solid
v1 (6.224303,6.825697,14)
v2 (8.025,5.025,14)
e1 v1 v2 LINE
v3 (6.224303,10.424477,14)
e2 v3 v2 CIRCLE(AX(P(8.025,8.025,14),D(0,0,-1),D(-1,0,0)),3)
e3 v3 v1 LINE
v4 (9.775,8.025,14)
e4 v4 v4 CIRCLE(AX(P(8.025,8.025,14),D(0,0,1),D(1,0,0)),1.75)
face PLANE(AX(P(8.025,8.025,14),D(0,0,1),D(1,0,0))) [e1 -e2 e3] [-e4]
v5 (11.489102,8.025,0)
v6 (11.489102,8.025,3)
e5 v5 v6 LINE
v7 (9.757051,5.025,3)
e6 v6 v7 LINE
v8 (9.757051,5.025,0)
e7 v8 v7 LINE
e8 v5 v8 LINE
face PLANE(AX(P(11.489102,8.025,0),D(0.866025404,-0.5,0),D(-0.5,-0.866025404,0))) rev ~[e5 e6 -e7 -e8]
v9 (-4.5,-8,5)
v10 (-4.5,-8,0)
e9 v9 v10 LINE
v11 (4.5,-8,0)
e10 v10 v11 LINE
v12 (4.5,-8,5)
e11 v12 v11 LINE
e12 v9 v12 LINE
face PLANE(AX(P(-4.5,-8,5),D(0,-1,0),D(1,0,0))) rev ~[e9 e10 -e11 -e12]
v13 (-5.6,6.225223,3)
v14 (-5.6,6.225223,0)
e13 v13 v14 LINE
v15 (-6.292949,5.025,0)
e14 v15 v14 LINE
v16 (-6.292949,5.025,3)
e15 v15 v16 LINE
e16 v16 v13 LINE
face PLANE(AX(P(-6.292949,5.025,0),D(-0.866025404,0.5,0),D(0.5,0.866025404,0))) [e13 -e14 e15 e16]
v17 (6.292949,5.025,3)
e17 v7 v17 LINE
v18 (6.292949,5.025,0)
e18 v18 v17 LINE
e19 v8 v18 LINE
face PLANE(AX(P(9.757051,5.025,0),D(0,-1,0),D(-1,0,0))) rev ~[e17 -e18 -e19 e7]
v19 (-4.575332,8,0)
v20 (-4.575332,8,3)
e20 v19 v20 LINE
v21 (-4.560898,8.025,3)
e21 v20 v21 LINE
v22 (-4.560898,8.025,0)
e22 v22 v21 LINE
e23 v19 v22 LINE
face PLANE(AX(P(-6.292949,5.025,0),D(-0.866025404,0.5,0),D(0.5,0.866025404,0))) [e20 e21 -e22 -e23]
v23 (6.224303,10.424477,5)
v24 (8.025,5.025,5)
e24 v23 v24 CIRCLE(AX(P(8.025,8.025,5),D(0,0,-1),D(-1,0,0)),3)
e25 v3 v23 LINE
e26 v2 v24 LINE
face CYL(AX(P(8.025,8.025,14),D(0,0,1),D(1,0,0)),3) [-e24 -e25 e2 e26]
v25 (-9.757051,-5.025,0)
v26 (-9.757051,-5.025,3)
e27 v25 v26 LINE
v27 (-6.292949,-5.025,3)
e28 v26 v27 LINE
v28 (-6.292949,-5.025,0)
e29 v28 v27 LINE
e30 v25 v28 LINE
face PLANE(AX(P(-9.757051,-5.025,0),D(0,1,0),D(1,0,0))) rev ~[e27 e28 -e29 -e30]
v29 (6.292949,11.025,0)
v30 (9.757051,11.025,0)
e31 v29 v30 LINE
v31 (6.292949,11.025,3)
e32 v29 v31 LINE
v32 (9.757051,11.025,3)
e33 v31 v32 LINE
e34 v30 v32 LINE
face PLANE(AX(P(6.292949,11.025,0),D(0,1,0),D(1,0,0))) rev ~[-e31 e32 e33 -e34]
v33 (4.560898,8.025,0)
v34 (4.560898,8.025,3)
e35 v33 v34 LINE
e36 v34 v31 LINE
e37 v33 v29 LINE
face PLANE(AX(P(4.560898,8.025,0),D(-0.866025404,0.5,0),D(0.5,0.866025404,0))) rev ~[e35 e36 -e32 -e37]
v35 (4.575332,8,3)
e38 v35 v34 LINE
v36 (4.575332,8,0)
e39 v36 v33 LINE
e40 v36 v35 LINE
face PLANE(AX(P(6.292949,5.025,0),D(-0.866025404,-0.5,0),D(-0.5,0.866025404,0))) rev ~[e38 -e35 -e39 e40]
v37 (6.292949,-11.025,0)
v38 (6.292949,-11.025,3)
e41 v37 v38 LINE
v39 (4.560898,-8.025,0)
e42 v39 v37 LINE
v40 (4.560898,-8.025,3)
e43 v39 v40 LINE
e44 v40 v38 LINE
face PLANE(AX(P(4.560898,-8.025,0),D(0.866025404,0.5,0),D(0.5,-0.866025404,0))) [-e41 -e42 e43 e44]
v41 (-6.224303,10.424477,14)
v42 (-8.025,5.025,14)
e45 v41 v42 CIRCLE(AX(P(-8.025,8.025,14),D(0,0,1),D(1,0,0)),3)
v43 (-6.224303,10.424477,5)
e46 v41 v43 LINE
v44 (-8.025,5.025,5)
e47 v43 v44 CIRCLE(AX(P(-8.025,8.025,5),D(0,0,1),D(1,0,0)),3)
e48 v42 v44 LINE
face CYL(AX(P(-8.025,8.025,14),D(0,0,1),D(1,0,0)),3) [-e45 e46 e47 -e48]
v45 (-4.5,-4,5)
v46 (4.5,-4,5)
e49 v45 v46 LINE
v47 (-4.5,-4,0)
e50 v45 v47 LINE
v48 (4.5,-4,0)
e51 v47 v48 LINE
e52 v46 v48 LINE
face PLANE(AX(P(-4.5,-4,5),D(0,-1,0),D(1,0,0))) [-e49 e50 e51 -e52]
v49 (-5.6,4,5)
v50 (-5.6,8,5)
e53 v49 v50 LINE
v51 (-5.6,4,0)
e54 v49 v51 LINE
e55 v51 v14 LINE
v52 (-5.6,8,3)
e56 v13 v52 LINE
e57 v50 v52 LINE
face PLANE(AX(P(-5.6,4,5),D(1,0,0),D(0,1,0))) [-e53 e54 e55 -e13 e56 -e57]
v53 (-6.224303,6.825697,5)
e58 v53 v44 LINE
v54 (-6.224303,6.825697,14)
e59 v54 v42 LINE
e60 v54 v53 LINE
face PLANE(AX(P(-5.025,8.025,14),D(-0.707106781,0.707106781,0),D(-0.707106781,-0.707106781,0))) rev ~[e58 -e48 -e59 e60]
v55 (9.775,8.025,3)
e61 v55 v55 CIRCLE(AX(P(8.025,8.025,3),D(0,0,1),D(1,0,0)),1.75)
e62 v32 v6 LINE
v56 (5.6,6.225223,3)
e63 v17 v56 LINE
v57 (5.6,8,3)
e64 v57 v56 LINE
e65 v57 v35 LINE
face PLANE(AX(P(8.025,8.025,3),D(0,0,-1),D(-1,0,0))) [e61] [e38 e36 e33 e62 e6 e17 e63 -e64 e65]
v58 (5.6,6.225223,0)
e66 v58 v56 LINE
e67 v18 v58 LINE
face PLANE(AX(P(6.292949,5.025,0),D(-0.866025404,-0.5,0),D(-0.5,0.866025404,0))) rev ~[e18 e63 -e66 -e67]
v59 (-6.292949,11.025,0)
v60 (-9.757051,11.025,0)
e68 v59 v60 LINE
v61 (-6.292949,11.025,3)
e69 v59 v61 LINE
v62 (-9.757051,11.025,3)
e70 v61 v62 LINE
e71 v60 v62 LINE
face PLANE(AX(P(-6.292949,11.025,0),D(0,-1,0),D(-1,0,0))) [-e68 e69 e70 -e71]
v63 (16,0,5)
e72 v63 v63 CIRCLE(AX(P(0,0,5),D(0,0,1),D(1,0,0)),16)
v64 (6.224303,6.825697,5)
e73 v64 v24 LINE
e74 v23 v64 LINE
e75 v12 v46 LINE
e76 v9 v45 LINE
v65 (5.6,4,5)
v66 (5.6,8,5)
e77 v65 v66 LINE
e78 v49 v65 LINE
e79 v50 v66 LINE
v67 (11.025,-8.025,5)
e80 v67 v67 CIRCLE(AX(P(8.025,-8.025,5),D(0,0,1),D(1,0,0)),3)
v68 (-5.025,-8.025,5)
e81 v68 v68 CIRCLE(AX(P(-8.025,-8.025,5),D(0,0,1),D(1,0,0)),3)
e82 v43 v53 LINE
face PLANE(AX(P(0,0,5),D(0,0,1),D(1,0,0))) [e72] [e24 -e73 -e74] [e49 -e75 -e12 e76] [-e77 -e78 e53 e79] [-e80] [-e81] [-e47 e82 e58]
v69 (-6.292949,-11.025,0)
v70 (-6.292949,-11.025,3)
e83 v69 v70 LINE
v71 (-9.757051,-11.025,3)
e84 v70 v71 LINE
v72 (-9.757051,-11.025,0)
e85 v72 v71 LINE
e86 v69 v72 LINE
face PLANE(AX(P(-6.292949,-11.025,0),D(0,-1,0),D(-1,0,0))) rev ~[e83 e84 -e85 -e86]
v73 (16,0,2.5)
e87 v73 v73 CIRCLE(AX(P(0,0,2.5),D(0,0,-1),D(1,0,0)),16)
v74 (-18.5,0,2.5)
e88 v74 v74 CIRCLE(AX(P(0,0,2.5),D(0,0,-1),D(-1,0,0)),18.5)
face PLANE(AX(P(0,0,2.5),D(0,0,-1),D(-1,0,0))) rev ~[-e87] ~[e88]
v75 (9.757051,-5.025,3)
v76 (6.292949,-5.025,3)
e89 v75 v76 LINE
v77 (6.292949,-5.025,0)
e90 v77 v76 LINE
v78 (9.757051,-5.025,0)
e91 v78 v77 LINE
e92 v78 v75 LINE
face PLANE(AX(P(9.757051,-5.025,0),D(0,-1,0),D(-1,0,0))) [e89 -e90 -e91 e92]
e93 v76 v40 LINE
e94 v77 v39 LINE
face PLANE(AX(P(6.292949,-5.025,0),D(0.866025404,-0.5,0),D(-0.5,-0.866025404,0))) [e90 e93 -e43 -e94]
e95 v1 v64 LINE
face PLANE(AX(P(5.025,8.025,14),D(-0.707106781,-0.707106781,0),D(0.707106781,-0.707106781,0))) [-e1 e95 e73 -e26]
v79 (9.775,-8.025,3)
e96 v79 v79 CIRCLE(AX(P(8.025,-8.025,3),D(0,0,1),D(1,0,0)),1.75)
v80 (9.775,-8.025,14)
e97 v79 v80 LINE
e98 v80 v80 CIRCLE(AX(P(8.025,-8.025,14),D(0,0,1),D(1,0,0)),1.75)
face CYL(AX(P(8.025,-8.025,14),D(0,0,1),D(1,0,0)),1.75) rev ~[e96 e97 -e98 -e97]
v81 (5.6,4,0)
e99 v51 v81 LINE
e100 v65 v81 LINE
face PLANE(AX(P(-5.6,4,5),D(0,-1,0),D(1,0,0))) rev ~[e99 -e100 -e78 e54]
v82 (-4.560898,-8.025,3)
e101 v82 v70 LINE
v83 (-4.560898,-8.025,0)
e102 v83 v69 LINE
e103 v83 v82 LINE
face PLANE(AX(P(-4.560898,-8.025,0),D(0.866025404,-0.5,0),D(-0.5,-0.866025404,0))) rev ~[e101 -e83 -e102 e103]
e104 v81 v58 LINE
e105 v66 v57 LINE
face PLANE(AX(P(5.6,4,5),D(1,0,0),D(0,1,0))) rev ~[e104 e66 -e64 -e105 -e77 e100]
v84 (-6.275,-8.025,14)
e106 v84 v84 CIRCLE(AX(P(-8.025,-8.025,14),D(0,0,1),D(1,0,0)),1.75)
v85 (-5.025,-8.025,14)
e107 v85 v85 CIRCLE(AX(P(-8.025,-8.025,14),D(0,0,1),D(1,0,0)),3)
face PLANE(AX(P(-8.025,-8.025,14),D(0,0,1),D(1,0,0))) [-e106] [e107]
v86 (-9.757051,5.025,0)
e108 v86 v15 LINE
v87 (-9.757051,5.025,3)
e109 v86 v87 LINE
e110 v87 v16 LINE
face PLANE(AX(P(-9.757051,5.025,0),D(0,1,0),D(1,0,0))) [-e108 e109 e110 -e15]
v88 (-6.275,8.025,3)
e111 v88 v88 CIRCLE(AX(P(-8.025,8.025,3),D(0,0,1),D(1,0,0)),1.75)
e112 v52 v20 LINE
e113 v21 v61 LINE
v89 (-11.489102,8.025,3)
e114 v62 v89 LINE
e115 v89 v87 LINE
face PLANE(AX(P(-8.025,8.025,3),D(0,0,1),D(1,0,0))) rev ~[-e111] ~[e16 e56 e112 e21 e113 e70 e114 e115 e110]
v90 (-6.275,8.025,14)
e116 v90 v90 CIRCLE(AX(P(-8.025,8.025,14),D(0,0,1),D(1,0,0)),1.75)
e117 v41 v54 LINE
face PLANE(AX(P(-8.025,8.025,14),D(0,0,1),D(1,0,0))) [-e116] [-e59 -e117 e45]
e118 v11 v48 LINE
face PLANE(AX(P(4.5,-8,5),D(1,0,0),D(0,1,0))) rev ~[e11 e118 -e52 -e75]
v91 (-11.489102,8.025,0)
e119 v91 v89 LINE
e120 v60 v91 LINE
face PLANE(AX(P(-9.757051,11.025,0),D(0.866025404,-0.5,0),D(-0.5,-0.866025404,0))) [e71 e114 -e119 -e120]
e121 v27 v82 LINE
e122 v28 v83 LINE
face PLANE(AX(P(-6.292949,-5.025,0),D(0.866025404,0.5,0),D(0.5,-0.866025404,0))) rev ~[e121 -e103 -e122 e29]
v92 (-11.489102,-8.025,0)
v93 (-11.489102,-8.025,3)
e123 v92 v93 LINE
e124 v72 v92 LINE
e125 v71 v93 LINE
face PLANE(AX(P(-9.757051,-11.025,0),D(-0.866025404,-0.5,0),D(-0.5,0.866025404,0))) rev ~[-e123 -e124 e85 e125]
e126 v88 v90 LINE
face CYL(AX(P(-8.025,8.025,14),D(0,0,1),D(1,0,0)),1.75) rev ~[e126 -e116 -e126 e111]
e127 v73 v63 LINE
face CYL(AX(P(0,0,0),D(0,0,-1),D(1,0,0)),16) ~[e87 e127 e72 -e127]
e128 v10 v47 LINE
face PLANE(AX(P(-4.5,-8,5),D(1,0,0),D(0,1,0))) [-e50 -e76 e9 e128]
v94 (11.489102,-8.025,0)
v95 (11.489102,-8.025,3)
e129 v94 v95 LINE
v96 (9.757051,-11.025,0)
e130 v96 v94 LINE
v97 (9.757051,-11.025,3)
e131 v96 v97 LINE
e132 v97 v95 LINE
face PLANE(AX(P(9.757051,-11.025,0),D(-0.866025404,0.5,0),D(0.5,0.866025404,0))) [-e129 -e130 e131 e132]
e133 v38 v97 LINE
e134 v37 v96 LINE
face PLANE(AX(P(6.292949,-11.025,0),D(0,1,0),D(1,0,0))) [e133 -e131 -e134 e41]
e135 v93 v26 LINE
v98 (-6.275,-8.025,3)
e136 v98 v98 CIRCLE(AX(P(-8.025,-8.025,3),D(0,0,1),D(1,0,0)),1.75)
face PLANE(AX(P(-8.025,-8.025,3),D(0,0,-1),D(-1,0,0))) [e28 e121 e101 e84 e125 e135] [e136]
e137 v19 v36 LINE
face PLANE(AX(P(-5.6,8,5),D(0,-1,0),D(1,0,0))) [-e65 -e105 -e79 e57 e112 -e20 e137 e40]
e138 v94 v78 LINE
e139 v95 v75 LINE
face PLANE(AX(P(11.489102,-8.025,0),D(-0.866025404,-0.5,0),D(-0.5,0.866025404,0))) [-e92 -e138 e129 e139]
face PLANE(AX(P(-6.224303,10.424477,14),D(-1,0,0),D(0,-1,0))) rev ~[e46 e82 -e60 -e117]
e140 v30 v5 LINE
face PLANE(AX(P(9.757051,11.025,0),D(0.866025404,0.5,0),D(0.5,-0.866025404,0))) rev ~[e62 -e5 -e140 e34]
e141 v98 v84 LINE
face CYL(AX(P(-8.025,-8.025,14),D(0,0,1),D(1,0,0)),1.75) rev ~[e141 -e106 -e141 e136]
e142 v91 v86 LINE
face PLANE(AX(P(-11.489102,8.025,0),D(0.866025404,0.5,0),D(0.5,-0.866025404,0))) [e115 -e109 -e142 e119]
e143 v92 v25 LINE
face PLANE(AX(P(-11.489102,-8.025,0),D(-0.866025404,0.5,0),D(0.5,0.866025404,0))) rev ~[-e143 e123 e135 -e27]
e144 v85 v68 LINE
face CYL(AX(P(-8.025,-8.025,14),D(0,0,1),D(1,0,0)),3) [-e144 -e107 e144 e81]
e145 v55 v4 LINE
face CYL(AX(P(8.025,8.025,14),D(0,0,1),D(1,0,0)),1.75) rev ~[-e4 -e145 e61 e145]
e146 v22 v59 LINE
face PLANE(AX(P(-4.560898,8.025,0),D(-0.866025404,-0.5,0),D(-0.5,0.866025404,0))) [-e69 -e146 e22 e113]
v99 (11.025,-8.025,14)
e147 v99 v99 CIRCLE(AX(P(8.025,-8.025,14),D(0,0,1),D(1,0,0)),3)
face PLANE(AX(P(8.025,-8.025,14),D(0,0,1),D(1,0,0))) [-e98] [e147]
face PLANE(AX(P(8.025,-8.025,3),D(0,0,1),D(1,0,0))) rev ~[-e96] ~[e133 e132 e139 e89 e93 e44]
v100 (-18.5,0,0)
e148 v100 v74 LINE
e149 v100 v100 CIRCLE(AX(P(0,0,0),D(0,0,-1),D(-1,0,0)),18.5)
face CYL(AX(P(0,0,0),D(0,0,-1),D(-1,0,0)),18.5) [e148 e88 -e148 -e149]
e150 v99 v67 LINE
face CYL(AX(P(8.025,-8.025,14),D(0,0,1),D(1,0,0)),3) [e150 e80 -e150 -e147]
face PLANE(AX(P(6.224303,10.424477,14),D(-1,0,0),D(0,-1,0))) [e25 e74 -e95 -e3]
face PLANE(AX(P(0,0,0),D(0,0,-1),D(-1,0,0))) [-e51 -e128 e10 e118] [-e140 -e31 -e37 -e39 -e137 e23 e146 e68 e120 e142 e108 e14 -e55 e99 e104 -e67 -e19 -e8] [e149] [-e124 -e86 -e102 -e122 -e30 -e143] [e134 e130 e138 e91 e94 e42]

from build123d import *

# Parameters (mm, degrees)
CROQUIS1_R              = 16
SALIENTE_EXTRUIR1_DEPTH = 5
CROQUIS2_R              = 1.75
CORTAR_EXTRUIR1_DEPTH   = 24.173260453
CORTAR_EXTRUIR2_DEPTH   = 3
SALIENTE_EXTRUIR2_START = 9
CROQUIS4_R              = 3
CROQUIS4_R_2            = 1.75
SALIENTE_EXTRUIR2_DEPTH = 9
CORTAR_EXTRUIR3_DEPTH   = 9
CORTAR_EXTRUIR7_DEPTH   = 9
CROQUIS7_W              = 11.2
CROQUIS7_H              = 4
CROQUIS7_W_2            = 9
CORTAR_EXTRUIR8_DEPTH   = 25.351591324
CROQUIS8_R              = 18.5
CROQUIS8_R_2            = 16
SALIENTE_EXTRUIR3_DEPTH = 2.5


with BuildPart() as part:
    # Croquis1 → Saliente-Extruir1 (new body)
    with BuildSketch(Plane.XY):
        Circle(CROQUIS1_R)
    extrude(amount=SALIENTE_EXTRUIR1_DEPTH)

    # Croquis2 → Cortar-Extruir1 (cut, through all)
    with BuildSketch(Plane.XY.offset(5)):
        with Locations((-8.025, 8.025)):
            Circle(CROQUIS2_R)
        with Locations((8.025, 8.025)):
            Circle(CROQUIS2_R)
        with Locations((8.025, -8.025)):
            Circle(CROQUIS2_R)
        with Locations((-8.025, -8.025)):
            Circle(CROQUIS2_R)
    extrude(amount=-CORTAR_EXTRUIR1_DEPTH, mode=Mode.SUBTRACT)

    # Croquis3 → Cortar-Extruir2 (cut)
    with BuildSketch(Plane(origin=(0, 0, 0), x_dir=(-1, 0, 0), z_dir=(0, 0, -1))):
        Polygon((-4.560898385, 8.025), (-6.292949192, 11.025), (-9.757050808, 11.025), (-11.489101615, 8.025), (-9.757050808, 5.025), (-6.292949192, 5.025), align=None)
        Polygon((6.292949192, 5.025), (4.560898385, 8.025), (6.292949192, 11.025), (9.757050808, 11.025), (11.489101615, 8.025), (9.757050808, 5.025), align=None)
        Polygon((9.757050808, -5.025), (6.292949192, -5.025), (4.560898385, -8.025), (6.292949192, -11.025), (9.757050808, -11.025), (11.489101615, -8.025), align=None)
        Polygon((-6.292949192, -5.025), (-4.560898385, -8.025), (-6.292949192, -11.025), (-9.757050808, -11.025), (-11.489101615, -8.025), (-9.757050808, -5.025), align=None)
    extrude(amount=-CORTAR_EXTRUIR2_DEPTH, mode=Mode.SUBTRACT)

    # Croquis4 → Saliente-Extruir2 (add)
    # profile 1 of 4: a face of its own
    with BuildSketch(Plane.XY.offset(5).offset(SALIENTE_EXTRUIR2_START)):
        with Locations((-8.025, 8.025)):
            Circle(CROQUIS4_R)
        with Locations((-8.025, 8.025)):
            Circle(CROQUIS4_R_2, mode=Mode.SUBTRACT)
    # profile 2 of 4: a face of its own
    with BuildSketch(Plane.XY.offset(5).offset(SALIENTE_EXTRUIR2_START)):
        with Locations((8.025, 8.025)):
            Circle(CROQUIS4_R)
        with Locations((8.025, 8.025)):
            Circle(CROQUIS4_R_2, mode=Mode.SUBTRACT)
    # profile 3 of 4: a face of its own
    with BuildSketch(Plane.XY.offset(5).offset(SALIENTE_EXTRUIR2_START)):
        with Locations((-8.025, -8.025)):
            Circle(CROQUIS4_R)
        with Locations((-8.025, -8.025)):
            Circle(CROQUIS4_R_2, mode=Mode.SUBTRACT)
    # profile 4 of 4: a face of its own
    with BuildSketch(Plane.XY.offset(5).offset(SALIENTE_EXTRUIR2_START)):
        with Locations((8.025, -8.025)):
            Circle(CROQUIS4_R)
        with Locations((8.025, -8.025)):
            Circle(CROQUIS4_R_2, mode=Mode.SUBTRACT)
    extrude(amount=-SALIENTE_EXTRUIR2_DEPTH)

    # Croquis5 → Cortar-Extruir3 (cut)
    with BuildSketch(Plane.XY.offset(14)):
        with BuildLine():
            Line((-5.025, 8.025), (-8.025, 5.025))
            ThreePointArc((-8.025, 5.025), (-5.903679656, 5.903679656), (-5.025, 8.025))
        make_face()
        with BuildLine():
            Line((5.025, 8.025), (8.025, 5.025))
            ThreePointArc((8.025, 5.025), (5.903679656, 5.903679656), (5.025, 8.025))
        make_face()
    extrude(amount=-CORTAR_EXTRUIR3_DEPTH, mode=Mode.SUBTRACT)

    # Croquis6 → Cortar-Extruir7 (cut)
    with BuildSketch(Plane.XY.offset(14)):
        with BuildLine():
            Line((-6.22430322, 6.82569678), (-5.025, 8.025))
            ThreePointArc((-5.025, 8.025), (-5.341523678, 9.366251218), (-6.22430322, 10.424477257))
            Line((-6.22430322, 10.424477257), (-6.22430322, 6.82569678))
        make_face()
        with BuildLine():
            Line((6.22430322, 10.424477257), (6.22430322, 6.82569678))
            Line((6.22430322, 6.82569678), (5.025, 8.025))
            ThreePointArc((5.025, 8.025), (5.341523678, 9.366251218), (6.22430322, 10.424477257))
        make_face()
    extrude(amount=-CORTAR_EXTRUIR7_DEPTH, mode=Mode.SUBTRACT)

    # Croquis7 → Cortar-Extruir8 (cut, through all)
    with BuildSketch(Plane.XY.offset(5)):
        with Locations((0, 6)):
            Rectangle(CROQUIS7_W, CROQUIS7_H)
        with Locations((0, -6)):
            Rectangle(CROQUIS7_W_2, CROQUIS7_H)
    extrude(amount=-CORTAR_EXTRUIR8_DEPTH, mode=Mode.SUBTRACT)

    # Croquis8 → Saliente-Extruir3 (add)
    with BuildSketch(Plane(origin=(0, 0, 0), x_dir=(-1, 0, 0), z_dir=(0, 0, -1))):
        Circle(CROQUIS8_R)
        Circle(CROQUIS8_R_2, mode=Mode.SUBTRACT)
    extrude(amount=-SALIENTE_EXTRUIR3_DEPTH)


solid = part.part
